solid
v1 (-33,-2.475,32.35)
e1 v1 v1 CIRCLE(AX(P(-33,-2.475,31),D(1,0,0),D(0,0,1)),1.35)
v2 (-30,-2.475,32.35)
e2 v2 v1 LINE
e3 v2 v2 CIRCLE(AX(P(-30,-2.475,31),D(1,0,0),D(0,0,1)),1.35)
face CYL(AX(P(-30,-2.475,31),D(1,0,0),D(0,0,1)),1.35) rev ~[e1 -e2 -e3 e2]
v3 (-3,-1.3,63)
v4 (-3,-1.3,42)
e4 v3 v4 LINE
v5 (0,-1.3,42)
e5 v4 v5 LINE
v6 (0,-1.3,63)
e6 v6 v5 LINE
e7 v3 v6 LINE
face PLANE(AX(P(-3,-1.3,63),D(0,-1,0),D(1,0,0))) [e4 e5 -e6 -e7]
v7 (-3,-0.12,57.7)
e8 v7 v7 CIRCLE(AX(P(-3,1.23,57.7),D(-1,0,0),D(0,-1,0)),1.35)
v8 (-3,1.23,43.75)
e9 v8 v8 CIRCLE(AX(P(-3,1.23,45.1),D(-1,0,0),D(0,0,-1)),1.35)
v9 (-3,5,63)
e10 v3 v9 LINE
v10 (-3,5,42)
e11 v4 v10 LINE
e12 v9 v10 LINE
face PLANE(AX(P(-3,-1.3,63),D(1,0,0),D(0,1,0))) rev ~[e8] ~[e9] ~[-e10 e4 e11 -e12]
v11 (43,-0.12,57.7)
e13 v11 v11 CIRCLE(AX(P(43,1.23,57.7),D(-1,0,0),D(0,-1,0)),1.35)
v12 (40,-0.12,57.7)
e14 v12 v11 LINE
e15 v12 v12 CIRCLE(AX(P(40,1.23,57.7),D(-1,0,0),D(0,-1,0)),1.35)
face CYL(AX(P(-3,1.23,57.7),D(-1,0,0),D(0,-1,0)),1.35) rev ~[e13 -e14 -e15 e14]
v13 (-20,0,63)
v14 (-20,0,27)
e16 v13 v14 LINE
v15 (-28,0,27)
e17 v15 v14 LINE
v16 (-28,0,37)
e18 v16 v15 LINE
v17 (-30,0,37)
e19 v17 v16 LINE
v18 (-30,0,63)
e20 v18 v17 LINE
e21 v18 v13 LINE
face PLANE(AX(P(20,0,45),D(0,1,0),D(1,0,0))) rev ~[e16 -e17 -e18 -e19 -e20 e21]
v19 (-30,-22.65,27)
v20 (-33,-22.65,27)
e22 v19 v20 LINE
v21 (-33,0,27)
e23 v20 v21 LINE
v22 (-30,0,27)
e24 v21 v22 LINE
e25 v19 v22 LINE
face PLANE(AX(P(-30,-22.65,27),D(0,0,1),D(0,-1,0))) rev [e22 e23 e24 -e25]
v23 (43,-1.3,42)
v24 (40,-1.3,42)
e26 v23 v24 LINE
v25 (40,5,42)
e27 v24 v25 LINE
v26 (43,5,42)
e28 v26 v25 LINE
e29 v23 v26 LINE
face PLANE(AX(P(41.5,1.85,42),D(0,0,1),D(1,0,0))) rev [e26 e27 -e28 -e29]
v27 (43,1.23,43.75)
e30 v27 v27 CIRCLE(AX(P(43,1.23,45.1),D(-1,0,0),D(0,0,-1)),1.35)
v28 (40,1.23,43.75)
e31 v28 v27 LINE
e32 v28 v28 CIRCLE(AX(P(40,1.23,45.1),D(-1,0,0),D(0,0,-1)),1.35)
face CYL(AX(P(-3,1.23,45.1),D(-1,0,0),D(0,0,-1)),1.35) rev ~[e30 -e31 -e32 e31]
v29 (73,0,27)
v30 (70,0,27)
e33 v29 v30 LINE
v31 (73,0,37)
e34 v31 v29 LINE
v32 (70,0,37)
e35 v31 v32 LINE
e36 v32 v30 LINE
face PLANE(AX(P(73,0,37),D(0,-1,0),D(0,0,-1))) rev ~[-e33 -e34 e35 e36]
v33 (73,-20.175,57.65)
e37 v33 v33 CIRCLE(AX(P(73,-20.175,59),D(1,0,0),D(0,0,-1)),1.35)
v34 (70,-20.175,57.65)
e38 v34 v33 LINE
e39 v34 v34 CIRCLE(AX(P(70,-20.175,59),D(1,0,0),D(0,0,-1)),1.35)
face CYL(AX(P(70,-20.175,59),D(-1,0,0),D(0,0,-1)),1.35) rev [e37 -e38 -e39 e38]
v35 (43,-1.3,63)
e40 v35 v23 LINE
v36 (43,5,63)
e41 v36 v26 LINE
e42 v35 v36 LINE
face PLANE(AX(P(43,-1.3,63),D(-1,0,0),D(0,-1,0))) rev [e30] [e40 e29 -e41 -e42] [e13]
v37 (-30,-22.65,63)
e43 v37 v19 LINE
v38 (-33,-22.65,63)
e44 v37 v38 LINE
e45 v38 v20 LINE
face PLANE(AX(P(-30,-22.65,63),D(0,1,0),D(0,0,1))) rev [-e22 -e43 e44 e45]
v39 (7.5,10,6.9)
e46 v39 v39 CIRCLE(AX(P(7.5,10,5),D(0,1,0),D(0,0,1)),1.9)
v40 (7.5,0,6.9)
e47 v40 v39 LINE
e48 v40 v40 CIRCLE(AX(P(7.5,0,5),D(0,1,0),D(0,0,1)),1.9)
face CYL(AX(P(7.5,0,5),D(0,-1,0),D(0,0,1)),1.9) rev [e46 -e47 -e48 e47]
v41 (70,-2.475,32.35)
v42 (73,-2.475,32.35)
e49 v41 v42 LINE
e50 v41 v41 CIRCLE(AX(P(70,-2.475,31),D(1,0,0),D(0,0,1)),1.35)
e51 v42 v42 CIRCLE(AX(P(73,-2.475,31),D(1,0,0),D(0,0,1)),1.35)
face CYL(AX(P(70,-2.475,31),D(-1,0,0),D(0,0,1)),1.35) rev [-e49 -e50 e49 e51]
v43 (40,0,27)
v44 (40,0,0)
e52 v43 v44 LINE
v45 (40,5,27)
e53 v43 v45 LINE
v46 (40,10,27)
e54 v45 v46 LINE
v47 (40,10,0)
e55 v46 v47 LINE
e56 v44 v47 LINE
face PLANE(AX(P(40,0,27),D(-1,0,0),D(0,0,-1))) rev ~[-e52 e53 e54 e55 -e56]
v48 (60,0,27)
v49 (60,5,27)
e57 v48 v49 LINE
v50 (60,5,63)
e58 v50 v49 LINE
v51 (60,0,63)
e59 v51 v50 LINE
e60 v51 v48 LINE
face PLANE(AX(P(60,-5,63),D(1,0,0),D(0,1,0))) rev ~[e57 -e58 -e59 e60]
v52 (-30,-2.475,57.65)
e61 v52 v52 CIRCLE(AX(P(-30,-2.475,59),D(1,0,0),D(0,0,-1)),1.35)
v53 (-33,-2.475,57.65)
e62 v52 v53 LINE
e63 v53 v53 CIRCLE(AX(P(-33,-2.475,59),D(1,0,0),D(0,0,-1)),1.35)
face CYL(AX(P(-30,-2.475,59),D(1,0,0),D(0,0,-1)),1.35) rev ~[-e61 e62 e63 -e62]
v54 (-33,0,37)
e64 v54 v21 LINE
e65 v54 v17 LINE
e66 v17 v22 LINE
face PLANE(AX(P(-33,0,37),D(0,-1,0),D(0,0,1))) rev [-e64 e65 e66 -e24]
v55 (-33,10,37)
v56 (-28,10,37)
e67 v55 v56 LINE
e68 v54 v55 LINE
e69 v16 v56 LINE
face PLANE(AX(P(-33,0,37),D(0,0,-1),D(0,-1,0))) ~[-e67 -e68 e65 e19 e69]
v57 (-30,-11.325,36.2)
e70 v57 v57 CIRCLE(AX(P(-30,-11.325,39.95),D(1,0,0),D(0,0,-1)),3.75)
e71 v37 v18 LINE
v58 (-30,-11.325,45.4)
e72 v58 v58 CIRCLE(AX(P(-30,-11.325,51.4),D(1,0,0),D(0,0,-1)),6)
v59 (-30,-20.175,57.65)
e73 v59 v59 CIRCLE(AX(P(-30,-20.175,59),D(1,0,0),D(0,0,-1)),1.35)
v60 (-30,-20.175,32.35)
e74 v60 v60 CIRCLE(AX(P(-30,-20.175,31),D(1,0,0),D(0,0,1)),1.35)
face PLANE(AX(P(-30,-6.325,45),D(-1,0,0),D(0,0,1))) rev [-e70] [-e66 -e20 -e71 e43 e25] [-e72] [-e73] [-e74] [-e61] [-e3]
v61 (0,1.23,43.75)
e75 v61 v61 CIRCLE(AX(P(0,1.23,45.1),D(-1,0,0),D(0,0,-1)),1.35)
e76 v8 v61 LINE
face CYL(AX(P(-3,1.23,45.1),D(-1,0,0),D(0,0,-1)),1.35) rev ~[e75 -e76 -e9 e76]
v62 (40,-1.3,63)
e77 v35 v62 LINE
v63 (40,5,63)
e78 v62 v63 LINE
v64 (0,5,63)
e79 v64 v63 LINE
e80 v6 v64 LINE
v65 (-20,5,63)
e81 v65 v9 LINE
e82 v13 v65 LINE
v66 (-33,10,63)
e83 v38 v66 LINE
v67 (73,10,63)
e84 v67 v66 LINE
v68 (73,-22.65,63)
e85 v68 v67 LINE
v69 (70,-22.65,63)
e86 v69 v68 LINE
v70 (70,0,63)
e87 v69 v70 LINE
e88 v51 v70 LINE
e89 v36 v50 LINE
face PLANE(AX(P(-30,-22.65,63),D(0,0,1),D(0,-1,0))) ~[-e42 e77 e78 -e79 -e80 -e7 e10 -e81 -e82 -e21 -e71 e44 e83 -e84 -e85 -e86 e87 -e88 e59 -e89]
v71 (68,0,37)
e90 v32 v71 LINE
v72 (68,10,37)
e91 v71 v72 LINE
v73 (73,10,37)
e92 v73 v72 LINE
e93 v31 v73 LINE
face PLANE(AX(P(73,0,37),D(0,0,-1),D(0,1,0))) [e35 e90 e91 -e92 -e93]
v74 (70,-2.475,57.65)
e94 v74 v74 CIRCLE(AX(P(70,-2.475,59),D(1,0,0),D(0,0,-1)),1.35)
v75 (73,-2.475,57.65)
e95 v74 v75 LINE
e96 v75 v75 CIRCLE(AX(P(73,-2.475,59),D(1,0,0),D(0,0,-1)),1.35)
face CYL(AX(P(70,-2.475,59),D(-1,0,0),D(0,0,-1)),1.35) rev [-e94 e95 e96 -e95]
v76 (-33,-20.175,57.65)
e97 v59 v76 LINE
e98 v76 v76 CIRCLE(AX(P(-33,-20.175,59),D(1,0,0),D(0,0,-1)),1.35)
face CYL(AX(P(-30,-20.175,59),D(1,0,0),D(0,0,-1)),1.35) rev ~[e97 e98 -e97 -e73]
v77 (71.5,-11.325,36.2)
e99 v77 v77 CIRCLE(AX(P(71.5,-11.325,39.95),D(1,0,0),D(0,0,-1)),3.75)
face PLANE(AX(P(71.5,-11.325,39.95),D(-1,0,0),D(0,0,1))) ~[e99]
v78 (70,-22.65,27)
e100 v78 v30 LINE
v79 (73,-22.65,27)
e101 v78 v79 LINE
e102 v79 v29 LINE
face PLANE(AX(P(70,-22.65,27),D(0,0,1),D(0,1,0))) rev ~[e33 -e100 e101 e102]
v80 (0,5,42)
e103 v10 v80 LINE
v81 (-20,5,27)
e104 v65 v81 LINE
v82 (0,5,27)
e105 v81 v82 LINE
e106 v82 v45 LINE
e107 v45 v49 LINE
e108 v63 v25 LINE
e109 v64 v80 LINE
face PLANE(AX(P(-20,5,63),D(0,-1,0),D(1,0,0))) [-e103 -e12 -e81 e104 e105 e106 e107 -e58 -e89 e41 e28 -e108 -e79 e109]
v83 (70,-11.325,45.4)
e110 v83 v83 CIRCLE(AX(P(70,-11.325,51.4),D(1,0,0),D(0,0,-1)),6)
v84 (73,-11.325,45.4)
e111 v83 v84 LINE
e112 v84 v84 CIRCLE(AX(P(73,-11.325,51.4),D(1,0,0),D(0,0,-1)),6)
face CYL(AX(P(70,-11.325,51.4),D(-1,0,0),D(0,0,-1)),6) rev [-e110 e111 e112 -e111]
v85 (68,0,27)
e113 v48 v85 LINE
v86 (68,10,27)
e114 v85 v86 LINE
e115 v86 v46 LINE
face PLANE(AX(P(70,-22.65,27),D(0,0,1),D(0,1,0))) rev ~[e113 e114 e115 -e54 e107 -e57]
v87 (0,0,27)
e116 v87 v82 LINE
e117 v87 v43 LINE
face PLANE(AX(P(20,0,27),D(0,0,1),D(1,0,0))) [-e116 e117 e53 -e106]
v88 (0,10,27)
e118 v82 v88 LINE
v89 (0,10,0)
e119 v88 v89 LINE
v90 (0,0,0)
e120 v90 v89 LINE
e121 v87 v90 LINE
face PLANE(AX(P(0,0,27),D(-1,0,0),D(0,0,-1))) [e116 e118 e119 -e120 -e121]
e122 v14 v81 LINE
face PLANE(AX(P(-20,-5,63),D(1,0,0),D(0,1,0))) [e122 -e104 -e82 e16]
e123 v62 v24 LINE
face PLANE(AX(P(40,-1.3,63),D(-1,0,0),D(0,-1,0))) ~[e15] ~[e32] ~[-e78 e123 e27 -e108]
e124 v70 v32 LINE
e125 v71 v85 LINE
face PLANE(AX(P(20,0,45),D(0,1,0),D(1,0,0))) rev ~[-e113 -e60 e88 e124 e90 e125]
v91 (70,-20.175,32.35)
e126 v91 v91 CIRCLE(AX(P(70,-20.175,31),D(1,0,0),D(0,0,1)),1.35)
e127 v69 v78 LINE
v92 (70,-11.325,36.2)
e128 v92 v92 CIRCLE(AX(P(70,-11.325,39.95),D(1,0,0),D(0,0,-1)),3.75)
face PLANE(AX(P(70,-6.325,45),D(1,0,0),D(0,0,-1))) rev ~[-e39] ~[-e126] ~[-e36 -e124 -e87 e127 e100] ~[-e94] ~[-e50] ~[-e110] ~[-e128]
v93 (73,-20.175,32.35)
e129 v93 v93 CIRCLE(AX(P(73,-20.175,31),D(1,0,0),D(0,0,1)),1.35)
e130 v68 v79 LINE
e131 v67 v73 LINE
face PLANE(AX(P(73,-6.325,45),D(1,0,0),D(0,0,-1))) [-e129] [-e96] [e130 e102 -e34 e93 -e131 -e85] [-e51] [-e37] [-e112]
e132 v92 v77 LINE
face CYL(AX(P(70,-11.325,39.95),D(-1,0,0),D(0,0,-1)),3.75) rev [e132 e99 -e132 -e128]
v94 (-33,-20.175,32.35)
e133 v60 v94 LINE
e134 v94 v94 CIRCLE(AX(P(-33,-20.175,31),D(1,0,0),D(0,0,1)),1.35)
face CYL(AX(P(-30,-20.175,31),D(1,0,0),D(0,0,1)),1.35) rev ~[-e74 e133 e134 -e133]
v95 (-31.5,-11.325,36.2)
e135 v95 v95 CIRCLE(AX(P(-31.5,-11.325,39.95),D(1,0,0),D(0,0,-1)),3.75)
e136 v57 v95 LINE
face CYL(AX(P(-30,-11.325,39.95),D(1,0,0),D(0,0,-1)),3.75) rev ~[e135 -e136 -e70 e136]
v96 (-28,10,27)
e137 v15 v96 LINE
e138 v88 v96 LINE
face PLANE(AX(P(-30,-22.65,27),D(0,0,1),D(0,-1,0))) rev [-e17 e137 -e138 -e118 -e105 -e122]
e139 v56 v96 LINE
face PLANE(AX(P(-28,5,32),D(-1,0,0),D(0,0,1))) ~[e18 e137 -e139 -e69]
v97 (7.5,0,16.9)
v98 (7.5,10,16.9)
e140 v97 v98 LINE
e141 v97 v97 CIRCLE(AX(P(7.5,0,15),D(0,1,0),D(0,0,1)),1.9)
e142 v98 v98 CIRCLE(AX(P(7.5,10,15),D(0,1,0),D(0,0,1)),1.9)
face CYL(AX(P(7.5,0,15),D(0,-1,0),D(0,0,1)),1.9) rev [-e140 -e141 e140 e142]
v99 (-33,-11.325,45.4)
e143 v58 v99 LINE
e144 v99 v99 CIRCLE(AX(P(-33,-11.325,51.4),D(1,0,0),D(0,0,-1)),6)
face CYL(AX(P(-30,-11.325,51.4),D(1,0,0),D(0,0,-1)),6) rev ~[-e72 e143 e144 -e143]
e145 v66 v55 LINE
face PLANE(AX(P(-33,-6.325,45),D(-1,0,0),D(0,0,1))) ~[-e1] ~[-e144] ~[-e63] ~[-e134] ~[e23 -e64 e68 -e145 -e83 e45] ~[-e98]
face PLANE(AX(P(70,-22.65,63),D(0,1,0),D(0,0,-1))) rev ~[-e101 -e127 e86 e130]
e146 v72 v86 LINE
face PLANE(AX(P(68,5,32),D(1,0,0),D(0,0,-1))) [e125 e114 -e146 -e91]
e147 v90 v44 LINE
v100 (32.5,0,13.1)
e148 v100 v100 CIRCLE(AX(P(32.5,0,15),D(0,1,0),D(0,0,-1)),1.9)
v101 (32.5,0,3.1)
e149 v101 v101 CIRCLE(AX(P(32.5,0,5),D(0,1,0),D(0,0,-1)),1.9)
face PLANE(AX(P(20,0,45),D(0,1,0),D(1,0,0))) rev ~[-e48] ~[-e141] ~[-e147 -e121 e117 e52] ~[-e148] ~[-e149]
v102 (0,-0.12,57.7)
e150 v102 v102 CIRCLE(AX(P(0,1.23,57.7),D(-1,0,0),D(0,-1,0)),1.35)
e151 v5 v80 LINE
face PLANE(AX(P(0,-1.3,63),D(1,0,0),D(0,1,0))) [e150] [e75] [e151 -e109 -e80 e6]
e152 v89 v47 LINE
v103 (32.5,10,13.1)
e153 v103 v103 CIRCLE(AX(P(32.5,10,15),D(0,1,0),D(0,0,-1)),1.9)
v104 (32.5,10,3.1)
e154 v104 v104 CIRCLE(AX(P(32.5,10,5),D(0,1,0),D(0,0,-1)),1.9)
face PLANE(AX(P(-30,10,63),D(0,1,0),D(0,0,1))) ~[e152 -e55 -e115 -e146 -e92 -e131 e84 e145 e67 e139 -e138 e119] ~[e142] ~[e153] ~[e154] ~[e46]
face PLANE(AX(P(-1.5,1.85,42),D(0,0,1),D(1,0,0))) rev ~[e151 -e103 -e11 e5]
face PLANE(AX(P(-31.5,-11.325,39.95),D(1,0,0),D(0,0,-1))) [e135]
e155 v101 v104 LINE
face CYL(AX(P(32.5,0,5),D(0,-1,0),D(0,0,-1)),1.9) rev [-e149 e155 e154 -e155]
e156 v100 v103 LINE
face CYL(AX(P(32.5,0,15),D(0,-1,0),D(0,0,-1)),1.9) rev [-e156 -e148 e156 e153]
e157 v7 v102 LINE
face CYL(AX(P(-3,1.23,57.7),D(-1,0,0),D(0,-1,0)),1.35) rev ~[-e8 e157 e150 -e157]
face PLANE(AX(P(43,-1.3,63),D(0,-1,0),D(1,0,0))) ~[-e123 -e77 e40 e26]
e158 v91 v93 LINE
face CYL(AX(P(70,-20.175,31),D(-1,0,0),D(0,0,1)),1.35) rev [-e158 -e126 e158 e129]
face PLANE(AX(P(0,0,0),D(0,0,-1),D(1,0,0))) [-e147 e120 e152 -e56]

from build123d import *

# Parameters (mm, degrees)
SKETCH1_W           = 40
SKETCH1_H           = 27
SKETCH1_R           = 1.9
BOSS_EXTRUDE3_DEPTH = 10
SKETCH5_W           = 100
SKETCH5_H           = 36
BOSS_EXTRUDE4_DEPTH = 10
SKETCH6_W           = 36
SKETCH6_H           = 32.65
SKETCH6_R           = 1.35
SKETCH6_R_2         = 6
BOSS_EXTRUDE6_DEPTH = 3
SKETCH7_W           = 80
SKETCH7_H           = 10
CUT_EXTRUDE1_DEPTH  = 36
SKETCH8_W           = 3
SKETCH8_H           = 6.3
BOSS_EXTRUDE7_DEPTH = 21
SKETCH10_R          = 1.35
CUT_EXTRUDE3_DEPTH  = 46
SKETCH11_R          = 3.75
CUT_EXTRUDE4_DEPTH  = 1.5
SKETCH12_W          = 10
SKETCH12_H          = 10
CUT_EXTRUDE5_DEPTH  = 5


with BuildPart() as part:
    # Sketch1 → Boss-Extrude3 (new body)
    with BuildSketch(Plane(origin=(0, 0, 0), x_dir=(1, 0, 0), z_dir=(0, 1, 0))):
        with Locations((20, -13.5)):
            Rectangle(SKETCH1_W, SKETCH1_H)
        with Locations(Location((7.5, -5, 0), (0, 0, 270))):
            Circle(SKETCH1_R, mode=Mode.SUBTRACT)
        with Locations(Location((7.5, -15, 0), (0, 0, 270))):
            Circle(SKETCH1_R, mode=Mode.SUBTRACT)
        with Locations(Location((32.5, -15, 0), (0, 0, 90))):
            Circle(SKETCH1_R, mode=Mode.SUBTRACT)
        with Locations(Location((32.5, -5, 0), (0, 0, 90))):
            Circle(SKETCH1_R, mode=Mode.SUBTRACT)
    extrude(amount=BOSS_EXTRUDE3_DEPTH)

    # Sketch5 → Boss-Extrude4 (add)
    with BuildSketch(Plane(origin=(0, 10, 0), x_dir=(1, 0, 0), z_dir=(0, 1, 0))):
        with Locations((20, -45)):
            Rectangle(SKETCH5_W, SKETCH5_H)
    extrude(amount=-BOSS_EXTRUDE4_DEPTH)

    # Sketch6 → Boss-Extrude6 (add)
    with BuildSketch(Plane(origin=(70, 0, 0), x_dir=(0, 0, -1), z_dir=(1, 0, 0))):
        with Locations((-45, -6.325)):
            Rectangle(SKETCH6_W, SKETCH6_H)
        with Locations((-59, -20.175)):
            Circle(SKETCH6_R, mode=Mode.SUBTRACT)
        with Locations((-59, -2.475)):
            Circle(SKETCH6_R, mode=Mode.SUBTRACT)
        with Locations(Location((-31, -20.175, 0), (0, 0, 180))):
            Circle(SKETCH6_R, mode=Mode.SUBTRACT)
        with Locations(Location((-31, -2.475, 0), (0, 0, 180))):
            Circle(SKETCH6_R, mode=Mode.SUBTRACT)
        with Locations((-51.4, -11.325)):
            Circle(SKETCH6_R_2, mode=Mode.SUBTRACT)
    boss_extrude6 = extrude(amount=BOSS_EXTRUDE6_DEPTH)

    # Mirror1: Boss-Extrude6 across plane
    add(boss_extrude6.mirror(Plane(origin=(20, 0, 0), x_dir=(0, 0, 1), z_dir=(1, 0, 0))))

    # Sketch7 → Cut-Extrude1 (cut)
    with BuildSketch(Plane.XY.offset(63)):
        with Locations((20, 0)):
            Rectangle(SKETCH7_W, SKETCH7_H)
    extrude(amount=-CUT_EXTRUDE1_DEPTH, mode=Mode.SUBTRACT)

    # Sketch8 → Boss-Extrude7 (add)
    with BuildSketch(Plane.XY.offset(63)):
        with Locations((-1.5, 1.85)):
            Rectangle(SKETCH8_W, SKETCH8_H)
    boss_extrude7 = extrude(amount=-BOSS_EXTRUDE7_DEPTH)

    # Mirror2: Boss-Extrude7 across plane
    add(boss_extrude7.mirror(Plane(origin=(20, 0, 0), x_dir=(0, 0, 1), z_dir=(1, 0, 0))))

    # Sketch10 → Cut-Extrude3 (cut)
    with BuildSketch(Plane.ZY.offset(3)):
        with Locations(Location((57.7, 1.23, 0), (0, 0, 270))):
            Circle(SKETCH10_R)
        with Locations(Location((45.1, 1.23, 0), (0, 0, 180))):
            Circle(SKETCH10_R)
    extrude(amount=-CUT_EXTRUDE3_DEPTH, mode=Mode.SUBTRACT)

    # Sketch11 → Cut-Extrude4 (cut)
    with BuildSketch(Plane(origin=(-30, 0, 0), x_dir=(0, 0, -1), z_dir=(1, 0, 0))):
        with Locations((-39.95, -11.325)):
            Circle(SKETCH11_R)
    cut_extrude4 = extrude(amount=-CUT_EXTRUDE4_DEPTH, mode=Mode.SUBTRACT)

    # Mirror3: Cut-Extrude4 across plane
    add(cut_extrude4.mirror(Plane(origin=(20, 0, 0), x_dir=(0, 0, 1), z_dir=(1, 0, 0))), mode=Mode.SUBTRACT)

    # Sketch12 → Cut-Extrude5 (cut)
    with BuildSketch(Plane(origin=(73, 0, 0), x_dir=(0, 0, -1), z_dir=(1, 0, 0))):
        with Locations((-32, 5)):
            Rectangle(SKETCH12_W, SKETCH12_H)
    cut_extrude5 = extrude(amount=-CUT_EXTRUDE5_DEPTH, mode=Mode.SUBTRACT)

    # Mirror4: Cut-Extrude5 across plane
    add(cut_extrude5.mirror(Plane(origin=(20, 0, 0), x_dir=(0, 0, 1), z_dir=(1, 0, 0))), mode=Mode.SUBTRACT)


solid = part.part
